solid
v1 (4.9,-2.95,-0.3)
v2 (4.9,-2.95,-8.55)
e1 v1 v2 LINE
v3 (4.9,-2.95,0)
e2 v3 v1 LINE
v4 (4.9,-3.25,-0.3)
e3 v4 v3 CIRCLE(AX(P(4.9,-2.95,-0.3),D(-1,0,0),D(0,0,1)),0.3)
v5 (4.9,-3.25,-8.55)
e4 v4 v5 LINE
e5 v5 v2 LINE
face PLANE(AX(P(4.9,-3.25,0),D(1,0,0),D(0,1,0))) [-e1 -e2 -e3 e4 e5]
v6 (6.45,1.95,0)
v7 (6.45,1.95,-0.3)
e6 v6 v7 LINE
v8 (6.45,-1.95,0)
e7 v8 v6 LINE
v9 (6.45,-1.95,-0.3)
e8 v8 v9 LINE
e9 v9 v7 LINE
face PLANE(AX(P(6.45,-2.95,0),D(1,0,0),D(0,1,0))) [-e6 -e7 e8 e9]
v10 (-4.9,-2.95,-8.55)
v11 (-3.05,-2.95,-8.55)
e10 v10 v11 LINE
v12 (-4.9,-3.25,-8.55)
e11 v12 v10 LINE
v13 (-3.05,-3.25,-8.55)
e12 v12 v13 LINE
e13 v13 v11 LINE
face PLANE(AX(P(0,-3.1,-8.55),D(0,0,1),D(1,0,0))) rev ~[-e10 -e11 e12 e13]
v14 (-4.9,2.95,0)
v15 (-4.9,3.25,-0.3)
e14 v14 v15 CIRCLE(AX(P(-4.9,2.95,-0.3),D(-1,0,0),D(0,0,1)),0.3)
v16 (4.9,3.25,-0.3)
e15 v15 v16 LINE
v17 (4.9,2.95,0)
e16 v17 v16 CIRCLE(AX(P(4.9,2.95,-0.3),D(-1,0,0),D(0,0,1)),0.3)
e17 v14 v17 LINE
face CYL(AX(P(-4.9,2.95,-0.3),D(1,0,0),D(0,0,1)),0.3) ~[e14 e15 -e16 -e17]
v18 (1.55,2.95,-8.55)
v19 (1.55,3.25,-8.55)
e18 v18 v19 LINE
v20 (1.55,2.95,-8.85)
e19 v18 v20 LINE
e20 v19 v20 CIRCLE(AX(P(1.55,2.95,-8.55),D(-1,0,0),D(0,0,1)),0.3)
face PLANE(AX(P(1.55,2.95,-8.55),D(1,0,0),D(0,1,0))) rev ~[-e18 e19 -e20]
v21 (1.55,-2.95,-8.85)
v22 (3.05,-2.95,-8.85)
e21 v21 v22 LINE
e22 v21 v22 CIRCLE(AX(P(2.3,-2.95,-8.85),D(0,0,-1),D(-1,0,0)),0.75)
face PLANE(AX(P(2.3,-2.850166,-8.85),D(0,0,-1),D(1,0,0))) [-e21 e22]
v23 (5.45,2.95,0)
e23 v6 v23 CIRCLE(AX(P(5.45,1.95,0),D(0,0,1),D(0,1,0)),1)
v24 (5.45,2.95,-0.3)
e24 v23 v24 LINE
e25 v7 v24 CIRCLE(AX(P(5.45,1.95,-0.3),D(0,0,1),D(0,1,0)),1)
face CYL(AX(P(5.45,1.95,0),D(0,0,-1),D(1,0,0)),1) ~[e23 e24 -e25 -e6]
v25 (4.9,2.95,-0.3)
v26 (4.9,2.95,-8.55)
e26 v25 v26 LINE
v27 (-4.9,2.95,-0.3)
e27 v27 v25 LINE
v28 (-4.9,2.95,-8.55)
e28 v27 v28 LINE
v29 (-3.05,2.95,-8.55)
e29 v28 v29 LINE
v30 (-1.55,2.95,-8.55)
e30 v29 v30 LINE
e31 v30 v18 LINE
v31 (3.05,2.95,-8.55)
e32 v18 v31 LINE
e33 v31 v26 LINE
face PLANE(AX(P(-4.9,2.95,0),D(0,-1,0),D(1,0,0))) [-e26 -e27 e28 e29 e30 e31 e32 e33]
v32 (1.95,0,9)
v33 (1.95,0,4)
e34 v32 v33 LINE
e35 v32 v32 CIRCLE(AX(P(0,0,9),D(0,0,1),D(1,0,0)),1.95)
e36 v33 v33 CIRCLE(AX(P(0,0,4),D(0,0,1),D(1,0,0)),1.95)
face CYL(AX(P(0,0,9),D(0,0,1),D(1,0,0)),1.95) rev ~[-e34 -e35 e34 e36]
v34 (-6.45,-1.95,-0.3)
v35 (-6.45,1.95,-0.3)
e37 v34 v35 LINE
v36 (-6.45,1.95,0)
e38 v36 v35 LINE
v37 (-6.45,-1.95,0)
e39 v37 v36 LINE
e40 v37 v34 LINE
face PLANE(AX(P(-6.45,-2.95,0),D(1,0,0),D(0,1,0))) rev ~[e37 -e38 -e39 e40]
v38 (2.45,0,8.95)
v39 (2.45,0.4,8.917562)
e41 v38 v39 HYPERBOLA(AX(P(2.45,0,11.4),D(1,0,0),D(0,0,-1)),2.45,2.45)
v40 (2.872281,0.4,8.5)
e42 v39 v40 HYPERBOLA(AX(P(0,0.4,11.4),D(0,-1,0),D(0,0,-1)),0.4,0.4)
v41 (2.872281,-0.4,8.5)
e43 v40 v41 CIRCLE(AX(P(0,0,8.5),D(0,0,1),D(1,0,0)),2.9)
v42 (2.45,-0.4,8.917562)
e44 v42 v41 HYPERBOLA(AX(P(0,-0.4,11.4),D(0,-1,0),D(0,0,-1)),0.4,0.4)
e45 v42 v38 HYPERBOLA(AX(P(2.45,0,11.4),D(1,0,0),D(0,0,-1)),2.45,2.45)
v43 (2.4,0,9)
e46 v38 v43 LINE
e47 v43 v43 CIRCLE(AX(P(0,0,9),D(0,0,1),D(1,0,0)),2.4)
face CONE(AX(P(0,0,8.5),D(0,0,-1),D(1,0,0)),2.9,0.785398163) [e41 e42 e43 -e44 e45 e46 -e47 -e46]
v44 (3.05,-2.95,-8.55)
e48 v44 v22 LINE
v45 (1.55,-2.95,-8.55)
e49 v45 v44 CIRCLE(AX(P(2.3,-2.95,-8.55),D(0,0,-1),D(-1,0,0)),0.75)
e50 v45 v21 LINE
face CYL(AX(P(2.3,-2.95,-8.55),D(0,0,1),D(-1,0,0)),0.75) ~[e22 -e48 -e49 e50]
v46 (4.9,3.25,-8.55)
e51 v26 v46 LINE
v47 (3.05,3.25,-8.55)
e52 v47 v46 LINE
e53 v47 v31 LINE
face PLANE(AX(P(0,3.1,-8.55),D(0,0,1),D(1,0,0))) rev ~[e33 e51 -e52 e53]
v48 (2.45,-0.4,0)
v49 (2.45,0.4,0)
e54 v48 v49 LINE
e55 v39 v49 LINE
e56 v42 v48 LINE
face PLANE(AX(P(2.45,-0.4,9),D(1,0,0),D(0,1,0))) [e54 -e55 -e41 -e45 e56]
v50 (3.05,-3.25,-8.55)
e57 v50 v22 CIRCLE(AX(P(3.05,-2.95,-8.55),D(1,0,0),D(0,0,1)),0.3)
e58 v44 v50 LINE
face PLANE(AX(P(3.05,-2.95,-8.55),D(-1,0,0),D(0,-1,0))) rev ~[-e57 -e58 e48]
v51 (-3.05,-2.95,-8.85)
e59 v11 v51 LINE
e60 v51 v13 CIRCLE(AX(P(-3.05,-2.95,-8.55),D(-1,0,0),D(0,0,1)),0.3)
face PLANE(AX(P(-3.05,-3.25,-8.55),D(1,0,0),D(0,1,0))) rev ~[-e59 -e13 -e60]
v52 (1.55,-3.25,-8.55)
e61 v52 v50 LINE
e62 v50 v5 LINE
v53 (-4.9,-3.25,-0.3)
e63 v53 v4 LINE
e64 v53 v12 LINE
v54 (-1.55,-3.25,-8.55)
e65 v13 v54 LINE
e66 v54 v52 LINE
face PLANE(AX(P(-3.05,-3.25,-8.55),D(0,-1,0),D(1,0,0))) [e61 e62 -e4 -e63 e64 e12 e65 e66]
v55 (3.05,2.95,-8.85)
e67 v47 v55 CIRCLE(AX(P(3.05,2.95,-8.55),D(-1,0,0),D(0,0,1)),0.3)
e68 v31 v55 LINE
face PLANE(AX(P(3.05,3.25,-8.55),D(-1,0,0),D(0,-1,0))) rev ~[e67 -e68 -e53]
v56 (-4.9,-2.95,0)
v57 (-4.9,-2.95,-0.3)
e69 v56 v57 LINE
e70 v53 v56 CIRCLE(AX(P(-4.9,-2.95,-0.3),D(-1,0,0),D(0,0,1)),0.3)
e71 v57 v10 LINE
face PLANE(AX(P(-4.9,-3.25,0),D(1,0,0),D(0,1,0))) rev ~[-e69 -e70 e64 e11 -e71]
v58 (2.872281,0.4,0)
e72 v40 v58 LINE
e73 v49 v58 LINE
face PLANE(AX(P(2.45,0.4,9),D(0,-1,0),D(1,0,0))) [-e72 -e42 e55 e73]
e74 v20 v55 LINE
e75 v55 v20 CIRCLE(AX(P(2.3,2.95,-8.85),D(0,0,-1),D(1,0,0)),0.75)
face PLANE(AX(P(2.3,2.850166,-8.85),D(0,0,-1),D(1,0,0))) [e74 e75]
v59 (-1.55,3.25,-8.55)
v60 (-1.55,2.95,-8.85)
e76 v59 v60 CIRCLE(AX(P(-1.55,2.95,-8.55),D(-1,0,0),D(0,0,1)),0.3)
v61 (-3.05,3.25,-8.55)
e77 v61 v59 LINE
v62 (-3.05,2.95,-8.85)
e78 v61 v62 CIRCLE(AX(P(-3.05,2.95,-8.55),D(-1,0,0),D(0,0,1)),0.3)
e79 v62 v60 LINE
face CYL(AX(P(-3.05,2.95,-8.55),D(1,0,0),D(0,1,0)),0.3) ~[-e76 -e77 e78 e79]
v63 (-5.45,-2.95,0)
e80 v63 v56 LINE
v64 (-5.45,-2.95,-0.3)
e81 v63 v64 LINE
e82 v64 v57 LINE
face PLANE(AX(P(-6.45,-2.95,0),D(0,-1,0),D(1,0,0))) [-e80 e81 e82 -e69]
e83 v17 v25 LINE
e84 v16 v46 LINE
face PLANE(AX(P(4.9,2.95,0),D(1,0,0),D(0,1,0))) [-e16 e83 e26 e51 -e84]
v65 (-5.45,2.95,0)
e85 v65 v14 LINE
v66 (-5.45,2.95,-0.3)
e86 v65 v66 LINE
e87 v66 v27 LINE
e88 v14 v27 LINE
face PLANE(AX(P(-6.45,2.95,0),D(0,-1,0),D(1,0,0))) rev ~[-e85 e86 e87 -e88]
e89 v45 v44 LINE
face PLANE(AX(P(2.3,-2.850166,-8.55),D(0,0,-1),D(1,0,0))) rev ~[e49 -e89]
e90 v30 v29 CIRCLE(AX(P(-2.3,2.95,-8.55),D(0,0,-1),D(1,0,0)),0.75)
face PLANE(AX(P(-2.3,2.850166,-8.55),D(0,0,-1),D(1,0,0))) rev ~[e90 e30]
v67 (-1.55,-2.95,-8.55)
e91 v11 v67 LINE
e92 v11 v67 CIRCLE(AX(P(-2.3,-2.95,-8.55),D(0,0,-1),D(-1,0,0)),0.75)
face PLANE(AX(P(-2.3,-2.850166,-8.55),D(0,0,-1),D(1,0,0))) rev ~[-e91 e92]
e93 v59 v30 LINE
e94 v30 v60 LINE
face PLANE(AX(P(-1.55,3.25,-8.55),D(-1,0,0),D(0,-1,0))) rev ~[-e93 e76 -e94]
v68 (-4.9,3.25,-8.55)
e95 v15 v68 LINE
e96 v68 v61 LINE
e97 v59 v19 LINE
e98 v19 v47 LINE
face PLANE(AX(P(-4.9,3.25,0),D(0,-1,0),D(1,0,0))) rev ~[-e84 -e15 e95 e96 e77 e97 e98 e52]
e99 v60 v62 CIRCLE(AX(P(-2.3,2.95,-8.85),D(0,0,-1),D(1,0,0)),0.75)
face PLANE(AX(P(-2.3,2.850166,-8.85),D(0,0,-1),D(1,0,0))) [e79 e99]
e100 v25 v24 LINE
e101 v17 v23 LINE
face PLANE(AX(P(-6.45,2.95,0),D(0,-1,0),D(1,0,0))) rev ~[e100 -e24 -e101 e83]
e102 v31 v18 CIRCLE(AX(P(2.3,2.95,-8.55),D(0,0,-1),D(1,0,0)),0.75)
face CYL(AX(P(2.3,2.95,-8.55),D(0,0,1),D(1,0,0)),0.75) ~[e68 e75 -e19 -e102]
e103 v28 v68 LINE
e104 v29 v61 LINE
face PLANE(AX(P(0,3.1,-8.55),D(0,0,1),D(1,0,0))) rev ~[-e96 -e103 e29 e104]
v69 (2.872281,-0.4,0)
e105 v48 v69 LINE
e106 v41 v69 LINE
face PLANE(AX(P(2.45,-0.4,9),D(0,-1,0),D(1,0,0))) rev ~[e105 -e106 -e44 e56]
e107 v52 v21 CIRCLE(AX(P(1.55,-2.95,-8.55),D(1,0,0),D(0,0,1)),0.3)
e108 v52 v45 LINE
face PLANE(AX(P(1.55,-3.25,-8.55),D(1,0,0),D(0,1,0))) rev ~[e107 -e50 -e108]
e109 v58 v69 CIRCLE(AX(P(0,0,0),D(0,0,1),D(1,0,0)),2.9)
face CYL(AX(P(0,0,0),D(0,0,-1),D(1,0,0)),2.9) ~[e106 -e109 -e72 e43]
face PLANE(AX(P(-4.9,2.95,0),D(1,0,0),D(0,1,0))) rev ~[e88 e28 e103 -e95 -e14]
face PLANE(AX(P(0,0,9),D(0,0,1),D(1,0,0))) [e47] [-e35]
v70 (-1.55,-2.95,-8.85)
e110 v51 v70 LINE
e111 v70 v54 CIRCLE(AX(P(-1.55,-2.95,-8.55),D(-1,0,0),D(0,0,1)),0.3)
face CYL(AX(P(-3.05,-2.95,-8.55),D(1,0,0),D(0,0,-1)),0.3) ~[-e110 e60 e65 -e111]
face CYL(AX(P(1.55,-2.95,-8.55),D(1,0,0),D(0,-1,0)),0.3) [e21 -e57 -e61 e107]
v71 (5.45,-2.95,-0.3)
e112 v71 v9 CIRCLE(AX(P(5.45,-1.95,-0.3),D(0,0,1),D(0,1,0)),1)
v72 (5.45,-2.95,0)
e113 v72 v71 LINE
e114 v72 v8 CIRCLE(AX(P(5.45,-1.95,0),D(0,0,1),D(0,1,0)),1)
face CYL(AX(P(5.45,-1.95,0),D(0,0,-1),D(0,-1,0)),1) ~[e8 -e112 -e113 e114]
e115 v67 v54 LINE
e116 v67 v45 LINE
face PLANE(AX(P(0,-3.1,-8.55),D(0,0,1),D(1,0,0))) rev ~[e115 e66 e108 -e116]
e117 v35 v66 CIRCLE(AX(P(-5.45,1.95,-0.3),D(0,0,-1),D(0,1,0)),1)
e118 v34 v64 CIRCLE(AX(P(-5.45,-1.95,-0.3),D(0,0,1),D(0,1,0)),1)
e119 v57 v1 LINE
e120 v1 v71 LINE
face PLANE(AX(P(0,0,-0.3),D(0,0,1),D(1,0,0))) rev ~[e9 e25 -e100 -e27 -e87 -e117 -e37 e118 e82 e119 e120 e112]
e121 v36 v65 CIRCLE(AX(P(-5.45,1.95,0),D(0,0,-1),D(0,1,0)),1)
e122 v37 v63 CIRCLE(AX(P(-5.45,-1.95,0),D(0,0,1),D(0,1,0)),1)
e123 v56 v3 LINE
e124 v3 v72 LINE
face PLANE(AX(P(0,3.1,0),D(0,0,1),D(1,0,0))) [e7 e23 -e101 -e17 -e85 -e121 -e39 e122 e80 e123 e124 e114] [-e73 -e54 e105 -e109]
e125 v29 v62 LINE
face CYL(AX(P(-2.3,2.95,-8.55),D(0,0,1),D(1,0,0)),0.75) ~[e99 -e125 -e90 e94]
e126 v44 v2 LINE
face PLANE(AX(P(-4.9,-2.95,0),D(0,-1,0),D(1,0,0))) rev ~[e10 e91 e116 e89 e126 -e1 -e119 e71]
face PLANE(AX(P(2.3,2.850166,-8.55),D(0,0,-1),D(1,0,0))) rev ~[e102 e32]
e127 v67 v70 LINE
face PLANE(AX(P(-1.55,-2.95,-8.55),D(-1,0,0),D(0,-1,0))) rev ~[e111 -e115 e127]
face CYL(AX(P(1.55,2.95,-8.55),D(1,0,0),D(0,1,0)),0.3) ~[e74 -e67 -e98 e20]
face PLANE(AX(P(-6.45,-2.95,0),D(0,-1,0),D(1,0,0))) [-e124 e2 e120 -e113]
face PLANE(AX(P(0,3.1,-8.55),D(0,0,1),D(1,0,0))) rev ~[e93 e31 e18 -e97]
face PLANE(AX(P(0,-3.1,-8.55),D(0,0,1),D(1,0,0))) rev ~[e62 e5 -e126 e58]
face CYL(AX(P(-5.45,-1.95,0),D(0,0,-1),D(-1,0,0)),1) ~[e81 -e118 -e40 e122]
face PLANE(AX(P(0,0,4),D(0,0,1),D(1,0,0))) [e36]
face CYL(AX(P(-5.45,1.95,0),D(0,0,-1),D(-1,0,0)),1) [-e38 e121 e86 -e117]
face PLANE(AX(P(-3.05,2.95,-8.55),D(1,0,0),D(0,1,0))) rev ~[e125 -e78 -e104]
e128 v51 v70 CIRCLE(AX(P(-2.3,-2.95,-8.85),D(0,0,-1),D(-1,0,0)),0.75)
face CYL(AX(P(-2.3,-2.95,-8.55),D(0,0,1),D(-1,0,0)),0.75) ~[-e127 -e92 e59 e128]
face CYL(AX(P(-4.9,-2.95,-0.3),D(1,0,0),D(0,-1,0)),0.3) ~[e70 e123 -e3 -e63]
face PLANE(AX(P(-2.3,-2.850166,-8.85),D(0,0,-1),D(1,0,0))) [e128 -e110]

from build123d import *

# Parameters (mm, degrees)
SKETCH005_W     = 12.9
SKETCH005_H     = 5.9
PAD003_DEPTH    = 0.3
FILLET003_R     = 1
SKETCH006_W     = 9.8
SKETCH006_H     = 0.3
PAD004_DEPTH    = 8.55
PAD005_DEPTH    = 0.3
FILLET004_R     = 0.3
SKETCH008_R     = 2.9
PAD006_DEPTH    = 9
SKETCH009_R     = 1.95
POCKET002_DEPTH = 5
CHAMFER_SIZE    = 0.5
SKETCH010_W     = 0.5
SKETCH010_H     = 0.8
POCKET003_DEPTH = 9


with BuildPart() as part:
    # Sketch005 → Pad003 (new body)
    with BuildSketch(Plane.XY):
        Rectangle(SKETCH005_W, SKETCH005_H)
    extrude(amount=-PAD003_DEPTH)

    # Fillet003
    fillet003_edges = [part.edges().sort_by_distance(p)[0] for p in [
        (-6.45, -2.95, -0.15),
        (-6.45, 2.95, -0.15),
        (6.45, 2.95, -0.15),
        (6.45, -2.95, -0.15),
    ]]
    fillet(fillet003_edges, radius=FILLET003_R)

    # Sketch006 (on Face2 of Fillet003) → Pad004 (join)
    with BuildSketch(Plane.XY):
        with Locations((0, 3.1)):
            Rectangle(SKETCH006_W, SKETCH006_H)
        with Locations((0, -3.1)):
            Rectangle(SKETCH006_W, SKETCH006_H)
    extrude(amount=-PAD004_DEPTH)

    # Sketch007 (on Face21 of Pad004) → Pad005 (join)
    with BuildSketch(Plane(origin=(0, 0, -8.55), x_dir=(1, 0, 0), z_dir=(0, 0, -1))):
        with BuildLine():
            ThreePointArc((-3.05, 2.95), (-2.3, 2.2), (-1.55, 2.95))
            Line((-1.55, 2.95), (-1.55, 3.25))
            Line((-3.05, 3.25), (-1.55, 3.25))
            Line((-3.05, 3.25), (-3.05, 2.95))
        make_face()
        with BuildLine():
            ThreePointArc((1.55, 2.95), (2.3, 2.2), (3.05, 2.95))
            Line((3.05, 2.95), (3.05, 3.25))
            Line((1.55, 3.25), (3.05, 3.25))
            Line((1.55, 3.25), (1.55, 2.95))
        make_face()
        with BuildLine():
            ThreePointArc((-1.55, -2.95), (-2.3, -2.2), (-3.05, -2.95))
            Line((-3.05, -2.95), (-3.05, -3.25))
            Line((-3.05, -3.25), (-1.55, -3.25))
            Line((-1.55, -3.25), (-1.55, -2.95))
        make_face()
        with BuildLine():
            ThreePointArc((3.05, -2.95), (2.3, -2.2), (1.55, -2.95))
            Line((1.55, -2.95), (1.55, -3.25))
            Line((1.55, -3.25), (3.05, -3.25))
            Line((3.05, -3.25), (3.05, -2.95))
        make_face()
    extrude(amount=PAD005_DEPTH)

    # Fillet004
    fillet004_edges = [part.edges().sort_by_distance(p)[0] for p in [
        (-2.3, -3.25, -8.85),
        (2.3, -3.25, -8.85),
        (2.3, 3.25, -8.85),
        (-2.3, 3.25, -8.85),
        (0, 3.25, 0),
        (0, -3.25, 0),
    ]]
    fillet(fillet004_edges, radius=FILLET004_R)

    # Sketch008 (on Face1 of Fillet004) → Pad006 (join)
    with BuildSketch(Plane.XY):
        Circle(SKETCH008_R)
    extrude(amount=PAD006_DEPTH)

    # Sketch009 (on Face22 of Pad006) → Pocket002 (cut)
    with BuildSketch(Plane.XY.offset(9)):
        Circle(SKETCH009_R)
    extrude(amount=-POCKET002_DEPTH, mode=Mode.SUBTRACT)

    # Chamfer
    chamfer_edges = [part.edges().sort_by_distance(p)[0] for p in [
        (-2.9, 0, 9),
    ]]
    chamfer(chamfer_edges, length=CHAMFER_SIZE)

    # Sketch010 (on Face4 of Chamfer) → Pocket003 (cut)
    with BuildSketch(Plane.XY.offset(9)):
        with Locations((2.7, 0)):
            Rectangle(SKETCH010_W, SKETCH010_H)
    extrude(amount=-POCKET003_DEPTH, mode=Mode.SUBTRACT)


solid = part.part
